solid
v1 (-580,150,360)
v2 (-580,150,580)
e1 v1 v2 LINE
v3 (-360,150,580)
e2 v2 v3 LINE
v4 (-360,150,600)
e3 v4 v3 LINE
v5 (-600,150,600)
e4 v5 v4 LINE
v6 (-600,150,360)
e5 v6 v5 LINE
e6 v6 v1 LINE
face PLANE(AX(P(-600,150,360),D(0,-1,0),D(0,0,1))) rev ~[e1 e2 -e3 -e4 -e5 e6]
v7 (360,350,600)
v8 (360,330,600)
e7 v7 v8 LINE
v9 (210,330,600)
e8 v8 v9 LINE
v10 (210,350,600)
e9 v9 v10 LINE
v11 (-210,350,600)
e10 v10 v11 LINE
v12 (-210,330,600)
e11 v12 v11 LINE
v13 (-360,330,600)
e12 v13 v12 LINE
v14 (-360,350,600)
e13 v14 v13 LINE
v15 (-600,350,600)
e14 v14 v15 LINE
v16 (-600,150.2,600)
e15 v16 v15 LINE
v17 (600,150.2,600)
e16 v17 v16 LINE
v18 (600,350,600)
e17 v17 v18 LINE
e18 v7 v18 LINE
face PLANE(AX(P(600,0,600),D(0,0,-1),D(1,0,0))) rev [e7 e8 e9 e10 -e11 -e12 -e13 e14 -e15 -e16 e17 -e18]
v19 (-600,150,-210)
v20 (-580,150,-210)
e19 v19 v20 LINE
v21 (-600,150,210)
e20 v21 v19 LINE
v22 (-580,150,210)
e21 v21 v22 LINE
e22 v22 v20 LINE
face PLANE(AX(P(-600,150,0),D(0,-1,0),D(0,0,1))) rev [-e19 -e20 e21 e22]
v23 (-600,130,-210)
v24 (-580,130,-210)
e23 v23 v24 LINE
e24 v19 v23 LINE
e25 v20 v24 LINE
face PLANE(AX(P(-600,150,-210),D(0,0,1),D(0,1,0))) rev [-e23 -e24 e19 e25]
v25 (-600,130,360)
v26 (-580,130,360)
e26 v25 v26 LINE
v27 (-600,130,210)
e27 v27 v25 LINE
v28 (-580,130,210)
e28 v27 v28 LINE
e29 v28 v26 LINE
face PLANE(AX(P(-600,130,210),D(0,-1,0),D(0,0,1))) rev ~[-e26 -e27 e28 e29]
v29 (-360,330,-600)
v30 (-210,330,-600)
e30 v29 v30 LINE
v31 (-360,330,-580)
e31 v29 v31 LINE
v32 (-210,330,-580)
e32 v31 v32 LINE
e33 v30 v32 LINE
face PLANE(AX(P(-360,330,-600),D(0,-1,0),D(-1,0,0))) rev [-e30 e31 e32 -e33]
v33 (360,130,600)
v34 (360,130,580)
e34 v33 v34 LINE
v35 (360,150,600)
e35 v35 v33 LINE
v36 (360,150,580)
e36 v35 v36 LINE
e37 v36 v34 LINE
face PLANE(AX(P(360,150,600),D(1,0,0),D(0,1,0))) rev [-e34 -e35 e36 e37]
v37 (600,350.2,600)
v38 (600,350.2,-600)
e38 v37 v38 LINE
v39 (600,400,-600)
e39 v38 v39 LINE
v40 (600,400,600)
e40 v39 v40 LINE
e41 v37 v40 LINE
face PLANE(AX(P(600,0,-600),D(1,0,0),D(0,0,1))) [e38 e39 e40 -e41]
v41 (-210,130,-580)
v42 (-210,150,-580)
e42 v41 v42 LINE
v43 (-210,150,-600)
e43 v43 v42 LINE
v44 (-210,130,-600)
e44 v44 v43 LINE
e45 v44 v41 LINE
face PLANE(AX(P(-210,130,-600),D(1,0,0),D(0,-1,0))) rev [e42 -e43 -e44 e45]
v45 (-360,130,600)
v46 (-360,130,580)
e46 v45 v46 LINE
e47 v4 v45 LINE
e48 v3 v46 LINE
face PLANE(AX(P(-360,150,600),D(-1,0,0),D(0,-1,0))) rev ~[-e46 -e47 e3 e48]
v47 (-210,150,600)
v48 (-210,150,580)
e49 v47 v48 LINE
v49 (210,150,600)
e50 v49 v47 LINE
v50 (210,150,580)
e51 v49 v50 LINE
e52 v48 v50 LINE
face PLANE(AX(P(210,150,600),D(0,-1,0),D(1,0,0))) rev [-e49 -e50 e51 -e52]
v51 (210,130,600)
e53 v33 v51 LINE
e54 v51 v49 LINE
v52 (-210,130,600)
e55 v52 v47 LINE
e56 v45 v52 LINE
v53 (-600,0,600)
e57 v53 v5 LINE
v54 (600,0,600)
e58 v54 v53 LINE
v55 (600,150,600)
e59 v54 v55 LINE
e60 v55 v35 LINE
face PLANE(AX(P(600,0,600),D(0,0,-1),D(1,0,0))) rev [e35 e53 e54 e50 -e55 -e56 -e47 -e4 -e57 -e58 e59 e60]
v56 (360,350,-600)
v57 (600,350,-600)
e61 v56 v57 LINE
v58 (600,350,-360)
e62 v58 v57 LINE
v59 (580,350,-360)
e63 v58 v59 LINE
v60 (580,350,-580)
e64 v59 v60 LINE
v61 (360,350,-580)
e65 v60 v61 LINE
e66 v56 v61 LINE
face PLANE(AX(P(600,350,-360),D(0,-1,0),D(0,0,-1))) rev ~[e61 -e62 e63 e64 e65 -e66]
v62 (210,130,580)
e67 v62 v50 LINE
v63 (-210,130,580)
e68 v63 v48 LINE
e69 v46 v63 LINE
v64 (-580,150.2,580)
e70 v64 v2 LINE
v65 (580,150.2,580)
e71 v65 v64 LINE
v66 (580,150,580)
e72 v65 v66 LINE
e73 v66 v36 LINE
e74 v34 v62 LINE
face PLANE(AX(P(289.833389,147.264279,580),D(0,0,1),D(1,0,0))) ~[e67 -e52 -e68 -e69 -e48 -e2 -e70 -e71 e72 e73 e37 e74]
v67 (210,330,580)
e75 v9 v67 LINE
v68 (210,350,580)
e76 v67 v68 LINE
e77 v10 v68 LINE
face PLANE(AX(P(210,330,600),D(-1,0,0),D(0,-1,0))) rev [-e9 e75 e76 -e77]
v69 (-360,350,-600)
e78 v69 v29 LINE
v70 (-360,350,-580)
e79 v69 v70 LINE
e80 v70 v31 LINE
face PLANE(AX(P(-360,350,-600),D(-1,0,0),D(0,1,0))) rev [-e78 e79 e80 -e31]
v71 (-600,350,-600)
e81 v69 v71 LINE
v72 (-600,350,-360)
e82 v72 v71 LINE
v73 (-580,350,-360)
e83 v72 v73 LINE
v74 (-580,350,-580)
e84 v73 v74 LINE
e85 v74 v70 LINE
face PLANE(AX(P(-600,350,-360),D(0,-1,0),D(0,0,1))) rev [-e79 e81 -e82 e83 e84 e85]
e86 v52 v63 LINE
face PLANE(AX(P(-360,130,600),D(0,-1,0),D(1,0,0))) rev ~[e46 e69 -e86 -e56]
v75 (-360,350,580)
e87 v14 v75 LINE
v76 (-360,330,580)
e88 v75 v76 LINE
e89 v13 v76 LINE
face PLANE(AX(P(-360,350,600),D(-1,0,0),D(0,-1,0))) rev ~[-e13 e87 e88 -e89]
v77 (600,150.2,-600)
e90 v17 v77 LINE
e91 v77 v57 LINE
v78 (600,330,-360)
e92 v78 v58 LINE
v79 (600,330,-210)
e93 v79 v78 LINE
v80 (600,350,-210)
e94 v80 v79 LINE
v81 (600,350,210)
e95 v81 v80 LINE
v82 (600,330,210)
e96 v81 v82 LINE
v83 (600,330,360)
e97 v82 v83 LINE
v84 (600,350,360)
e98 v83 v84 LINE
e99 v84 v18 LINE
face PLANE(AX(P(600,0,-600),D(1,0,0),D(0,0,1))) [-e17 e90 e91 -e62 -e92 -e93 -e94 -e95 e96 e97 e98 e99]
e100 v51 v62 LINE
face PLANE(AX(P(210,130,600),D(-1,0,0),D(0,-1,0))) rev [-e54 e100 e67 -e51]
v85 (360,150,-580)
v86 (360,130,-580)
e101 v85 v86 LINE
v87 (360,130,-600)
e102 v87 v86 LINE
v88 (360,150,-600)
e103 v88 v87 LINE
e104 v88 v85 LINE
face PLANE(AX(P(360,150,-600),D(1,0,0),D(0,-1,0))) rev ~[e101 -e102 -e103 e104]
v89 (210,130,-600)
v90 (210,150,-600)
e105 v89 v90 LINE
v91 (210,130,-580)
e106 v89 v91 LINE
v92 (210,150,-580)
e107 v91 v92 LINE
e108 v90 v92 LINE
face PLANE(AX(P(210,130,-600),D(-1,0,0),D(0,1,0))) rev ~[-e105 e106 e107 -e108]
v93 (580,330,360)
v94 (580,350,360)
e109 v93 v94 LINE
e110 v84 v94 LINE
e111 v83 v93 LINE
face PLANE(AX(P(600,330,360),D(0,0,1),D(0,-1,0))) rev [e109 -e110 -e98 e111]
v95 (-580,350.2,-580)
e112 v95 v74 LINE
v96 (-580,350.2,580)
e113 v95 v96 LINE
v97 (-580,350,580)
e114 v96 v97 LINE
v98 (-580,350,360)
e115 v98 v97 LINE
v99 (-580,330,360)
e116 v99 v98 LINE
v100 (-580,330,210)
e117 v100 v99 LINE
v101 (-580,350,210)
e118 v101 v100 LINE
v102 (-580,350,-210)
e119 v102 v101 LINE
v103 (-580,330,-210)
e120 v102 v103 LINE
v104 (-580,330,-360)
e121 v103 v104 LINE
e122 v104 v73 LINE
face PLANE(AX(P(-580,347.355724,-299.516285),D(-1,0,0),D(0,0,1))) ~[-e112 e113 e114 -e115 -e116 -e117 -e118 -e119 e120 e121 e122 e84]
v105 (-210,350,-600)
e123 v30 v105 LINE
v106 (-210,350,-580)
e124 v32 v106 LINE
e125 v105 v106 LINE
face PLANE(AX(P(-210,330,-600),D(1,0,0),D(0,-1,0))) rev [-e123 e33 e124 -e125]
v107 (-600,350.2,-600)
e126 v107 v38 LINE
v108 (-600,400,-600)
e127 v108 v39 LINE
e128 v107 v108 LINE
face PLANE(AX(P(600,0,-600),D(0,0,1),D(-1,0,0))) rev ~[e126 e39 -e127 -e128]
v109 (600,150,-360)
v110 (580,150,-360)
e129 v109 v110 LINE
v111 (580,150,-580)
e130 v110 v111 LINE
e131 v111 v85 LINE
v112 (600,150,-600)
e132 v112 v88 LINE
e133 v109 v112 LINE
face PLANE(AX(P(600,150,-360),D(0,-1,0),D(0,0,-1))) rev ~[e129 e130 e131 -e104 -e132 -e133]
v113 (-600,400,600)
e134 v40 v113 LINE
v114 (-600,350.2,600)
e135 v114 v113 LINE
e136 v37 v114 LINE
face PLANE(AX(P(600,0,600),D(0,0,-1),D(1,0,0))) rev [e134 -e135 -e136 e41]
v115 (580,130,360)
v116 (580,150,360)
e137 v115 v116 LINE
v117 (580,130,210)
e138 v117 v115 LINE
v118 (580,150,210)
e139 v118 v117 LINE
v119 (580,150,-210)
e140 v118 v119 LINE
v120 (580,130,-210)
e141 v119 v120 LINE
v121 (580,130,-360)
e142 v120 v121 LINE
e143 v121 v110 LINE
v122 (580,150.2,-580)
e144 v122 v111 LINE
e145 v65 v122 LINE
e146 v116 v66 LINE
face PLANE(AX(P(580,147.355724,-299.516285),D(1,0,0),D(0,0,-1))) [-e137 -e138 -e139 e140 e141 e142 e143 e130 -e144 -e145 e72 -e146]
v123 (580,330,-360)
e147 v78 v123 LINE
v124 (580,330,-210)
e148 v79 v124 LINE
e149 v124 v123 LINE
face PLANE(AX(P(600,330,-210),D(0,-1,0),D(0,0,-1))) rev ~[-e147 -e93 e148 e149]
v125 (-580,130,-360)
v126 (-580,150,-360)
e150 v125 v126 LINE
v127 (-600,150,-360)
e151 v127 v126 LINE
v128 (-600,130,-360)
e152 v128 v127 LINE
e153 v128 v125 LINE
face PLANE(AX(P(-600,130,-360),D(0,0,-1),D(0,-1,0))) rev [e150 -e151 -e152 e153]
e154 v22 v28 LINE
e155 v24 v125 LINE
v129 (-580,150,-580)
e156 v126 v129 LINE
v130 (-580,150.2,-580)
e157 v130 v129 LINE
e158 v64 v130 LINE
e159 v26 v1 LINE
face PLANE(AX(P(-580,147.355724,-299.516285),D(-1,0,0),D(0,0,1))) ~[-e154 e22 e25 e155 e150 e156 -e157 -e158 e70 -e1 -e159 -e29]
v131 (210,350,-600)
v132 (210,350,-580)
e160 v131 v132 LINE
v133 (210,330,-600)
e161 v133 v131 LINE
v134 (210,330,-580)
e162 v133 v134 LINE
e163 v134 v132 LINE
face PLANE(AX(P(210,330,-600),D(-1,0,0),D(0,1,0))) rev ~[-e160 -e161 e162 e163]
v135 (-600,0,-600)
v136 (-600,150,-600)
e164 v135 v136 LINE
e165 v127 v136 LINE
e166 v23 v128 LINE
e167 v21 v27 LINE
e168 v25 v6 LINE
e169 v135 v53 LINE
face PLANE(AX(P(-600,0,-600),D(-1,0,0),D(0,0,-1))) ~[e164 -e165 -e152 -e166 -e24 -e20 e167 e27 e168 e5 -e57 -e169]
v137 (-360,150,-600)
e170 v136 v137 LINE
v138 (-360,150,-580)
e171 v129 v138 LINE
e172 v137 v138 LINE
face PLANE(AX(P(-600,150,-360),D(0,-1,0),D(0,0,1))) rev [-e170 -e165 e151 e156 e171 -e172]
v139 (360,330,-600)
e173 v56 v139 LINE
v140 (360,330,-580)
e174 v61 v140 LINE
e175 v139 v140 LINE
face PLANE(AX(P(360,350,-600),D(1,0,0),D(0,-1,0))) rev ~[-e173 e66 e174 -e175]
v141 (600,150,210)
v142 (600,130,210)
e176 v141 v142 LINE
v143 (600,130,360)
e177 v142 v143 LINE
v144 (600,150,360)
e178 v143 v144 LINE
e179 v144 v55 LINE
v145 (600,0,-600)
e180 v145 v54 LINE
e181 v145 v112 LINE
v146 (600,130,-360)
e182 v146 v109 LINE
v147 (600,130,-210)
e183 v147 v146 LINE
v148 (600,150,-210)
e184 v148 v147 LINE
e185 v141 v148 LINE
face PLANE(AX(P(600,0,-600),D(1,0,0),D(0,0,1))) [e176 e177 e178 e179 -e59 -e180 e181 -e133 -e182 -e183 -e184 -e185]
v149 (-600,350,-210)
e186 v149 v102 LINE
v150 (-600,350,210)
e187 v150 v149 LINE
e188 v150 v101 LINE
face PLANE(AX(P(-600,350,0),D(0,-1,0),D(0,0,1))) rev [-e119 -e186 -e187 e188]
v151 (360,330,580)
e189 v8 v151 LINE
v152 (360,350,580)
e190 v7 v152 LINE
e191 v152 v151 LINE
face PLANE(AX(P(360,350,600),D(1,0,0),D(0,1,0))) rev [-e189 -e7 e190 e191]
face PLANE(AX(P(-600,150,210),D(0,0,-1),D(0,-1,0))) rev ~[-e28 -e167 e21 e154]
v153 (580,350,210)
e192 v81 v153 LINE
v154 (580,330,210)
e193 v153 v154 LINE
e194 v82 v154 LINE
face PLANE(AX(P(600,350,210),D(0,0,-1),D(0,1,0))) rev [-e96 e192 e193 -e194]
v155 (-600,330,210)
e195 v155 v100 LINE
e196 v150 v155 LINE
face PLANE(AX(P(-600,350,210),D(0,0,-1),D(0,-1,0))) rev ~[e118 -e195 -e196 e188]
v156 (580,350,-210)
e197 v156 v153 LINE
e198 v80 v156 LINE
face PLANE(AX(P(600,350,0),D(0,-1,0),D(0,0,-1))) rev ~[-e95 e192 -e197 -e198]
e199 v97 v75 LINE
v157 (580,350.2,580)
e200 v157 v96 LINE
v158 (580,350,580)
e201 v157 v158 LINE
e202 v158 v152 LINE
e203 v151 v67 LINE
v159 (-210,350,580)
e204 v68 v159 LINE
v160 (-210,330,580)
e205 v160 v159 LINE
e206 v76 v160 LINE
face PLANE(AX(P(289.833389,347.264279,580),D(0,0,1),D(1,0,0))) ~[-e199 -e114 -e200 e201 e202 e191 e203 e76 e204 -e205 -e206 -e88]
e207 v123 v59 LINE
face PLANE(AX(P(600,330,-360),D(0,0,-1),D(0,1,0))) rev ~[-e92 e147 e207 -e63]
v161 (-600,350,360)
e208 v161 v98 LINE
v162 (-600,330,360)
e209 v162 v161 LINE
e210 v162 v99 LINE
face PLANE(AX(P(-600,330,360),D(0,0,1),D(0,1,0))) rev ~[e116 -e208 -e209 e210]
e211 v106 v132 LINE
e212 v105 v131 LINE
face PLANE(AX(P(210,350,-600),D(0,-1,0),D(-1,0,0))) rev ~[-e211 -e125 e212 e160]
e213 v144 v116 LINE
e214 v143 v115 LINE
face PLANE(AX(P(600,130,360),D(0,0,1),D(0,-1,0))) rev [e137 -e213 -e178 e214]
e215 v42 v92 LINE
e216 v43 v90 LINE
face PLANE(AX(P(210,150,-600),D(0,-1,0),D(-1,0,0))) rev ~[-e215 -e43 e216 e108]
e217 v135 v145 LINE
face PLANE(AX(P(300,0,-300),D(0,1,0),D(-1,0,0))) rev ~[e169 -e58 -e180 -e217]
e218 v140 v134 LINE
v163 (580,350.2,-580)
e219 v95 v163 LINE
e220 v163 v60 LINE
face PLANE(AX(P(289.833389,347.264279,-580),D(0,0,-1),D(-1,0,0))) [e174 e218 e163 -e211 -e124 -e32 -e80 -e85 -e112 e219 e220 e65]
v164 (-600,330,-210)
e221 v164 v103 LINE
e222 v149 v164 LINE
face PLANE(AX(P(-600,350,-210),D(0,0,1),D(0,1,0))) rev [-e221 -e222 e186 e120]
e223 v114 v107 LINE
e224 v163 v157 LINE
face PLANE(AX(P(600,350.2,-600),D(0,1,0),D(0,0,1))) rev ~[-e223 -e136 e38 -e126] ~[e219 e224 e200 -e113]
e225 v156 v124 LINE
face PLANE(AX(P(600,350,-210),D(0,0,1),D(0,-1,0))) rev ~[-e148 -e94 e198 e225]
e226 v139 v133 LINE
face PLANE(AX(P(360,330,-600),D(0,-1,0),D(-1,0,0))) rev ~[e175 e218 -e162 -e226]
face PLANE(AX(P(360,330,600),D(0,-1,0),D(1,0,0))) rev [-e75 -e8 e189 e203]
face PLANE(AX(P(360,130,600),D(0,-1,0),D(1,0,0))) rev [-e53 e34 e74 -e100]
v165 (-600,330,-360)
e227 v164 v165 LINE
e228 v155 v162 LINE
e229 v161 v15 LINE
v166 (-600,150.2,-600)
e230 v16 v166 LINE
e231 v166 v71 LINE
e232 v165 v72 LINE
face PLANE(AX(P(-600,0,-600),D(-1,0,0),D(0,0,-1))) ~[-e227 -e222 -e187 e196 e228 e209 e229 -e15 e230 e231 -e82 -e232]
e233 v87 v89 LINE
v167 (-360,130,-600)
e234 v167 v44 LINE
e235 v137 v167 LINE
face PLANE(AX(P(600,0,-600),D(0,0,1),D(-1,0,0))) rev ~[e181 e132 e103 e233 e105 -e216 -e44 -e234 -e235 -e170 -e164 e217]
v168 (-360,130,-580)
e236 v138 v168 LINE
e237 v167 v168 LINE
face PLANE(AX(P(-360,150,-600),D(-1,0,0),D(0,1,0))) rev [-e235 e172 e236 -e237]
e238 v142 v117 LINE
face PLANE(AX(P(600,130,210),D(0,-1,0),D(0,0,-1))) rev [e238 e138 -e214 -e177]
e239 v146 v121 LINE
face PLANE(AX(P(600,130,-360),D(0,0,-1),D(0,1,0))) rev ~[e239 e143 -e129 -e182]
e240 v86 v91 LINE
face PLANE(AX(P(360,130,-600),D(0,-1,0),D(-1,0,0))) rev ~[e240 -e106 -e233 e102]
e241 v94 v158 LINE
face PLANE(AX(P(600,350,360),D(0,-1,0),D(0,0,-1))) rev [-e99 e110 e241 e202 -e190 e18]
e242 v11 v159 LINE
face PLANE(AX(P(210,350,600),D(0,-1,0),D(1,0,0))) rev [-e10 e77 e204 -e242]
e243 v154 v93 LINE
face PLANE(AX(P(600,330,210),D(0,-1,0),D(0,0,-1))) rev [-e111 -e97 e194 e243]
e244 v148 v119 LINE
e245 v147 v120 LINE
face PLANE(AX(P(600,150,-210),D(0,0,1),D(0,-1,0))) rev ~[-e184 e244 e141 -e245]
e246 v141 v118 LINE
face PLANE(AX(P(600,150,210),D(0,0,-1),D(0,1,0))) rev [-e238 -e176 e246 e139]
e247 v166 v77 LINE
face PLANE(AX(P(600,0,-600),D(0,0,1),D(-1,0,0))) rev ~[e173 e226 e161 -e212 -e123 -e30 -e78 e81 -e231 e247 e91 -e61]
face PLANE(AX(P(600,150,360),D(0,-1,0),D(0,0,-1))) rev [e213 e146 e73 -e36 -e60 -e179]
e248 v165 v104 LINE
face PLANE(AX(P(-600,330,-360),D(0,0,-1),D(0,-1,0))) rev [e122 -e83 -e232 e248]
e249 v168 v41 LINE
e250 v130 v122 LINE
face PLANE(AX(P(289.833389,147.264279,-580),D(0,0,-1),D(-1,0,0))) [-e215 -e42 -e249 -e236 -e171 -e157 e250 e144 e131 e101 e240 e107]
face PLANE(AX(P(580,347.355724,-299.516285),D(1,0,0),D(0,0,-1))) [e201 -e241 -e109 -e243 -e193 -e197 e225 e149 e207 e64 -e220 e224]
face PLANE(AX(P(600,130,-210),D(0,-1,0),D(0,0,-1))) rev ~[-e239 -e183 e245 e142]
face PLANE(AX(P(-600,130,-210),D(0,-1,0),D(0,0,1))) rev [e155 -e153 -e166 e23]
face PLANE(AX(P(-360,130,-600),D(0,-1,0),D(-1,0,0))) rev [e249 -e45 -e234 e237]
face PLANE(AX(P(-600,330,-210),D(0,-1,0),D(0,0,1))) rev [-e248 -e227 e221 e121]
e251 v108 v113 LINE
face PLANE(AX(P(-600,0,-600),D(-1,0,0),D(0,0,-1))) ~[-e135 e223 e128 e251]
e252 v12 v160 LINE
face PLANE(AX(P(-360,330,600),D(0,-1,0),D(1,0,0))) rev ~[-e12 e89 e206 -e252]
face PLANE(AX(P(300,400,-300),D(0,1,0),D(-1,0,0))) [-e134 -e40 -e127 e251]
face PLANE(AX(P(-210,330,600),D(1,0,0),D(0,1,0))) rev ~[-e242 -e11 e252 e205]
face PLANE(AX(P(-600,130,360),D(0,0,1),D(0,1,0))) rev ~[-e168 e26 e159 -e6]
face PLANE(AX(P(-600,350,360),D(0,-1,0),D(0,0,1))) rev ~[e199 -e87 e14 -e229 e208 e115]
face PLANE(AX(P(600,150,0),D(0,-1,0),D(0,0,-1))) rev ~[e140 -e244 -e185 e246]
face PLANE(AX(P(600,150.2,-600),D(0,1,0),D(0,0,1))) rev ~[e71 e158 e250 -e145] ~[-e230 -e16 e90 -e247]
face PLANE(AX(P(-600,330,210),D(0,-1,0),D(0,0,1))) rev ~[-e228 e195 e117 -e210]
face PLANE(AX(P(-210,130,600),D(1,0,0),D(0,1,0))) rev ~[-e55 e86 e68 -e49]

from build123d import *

# Parameters (mm, degrees)
SKETCH_1_W             = 600
SKETCH_1_H             = 600
EXTRUDE_1_DEPTH        = 400
CUT_EXTRUDE_1_DEPTH    = 20
CUT_EXTRUDE_2_DEPTH    = 20
PATTERN_LINEAR_1_COUNT = 2
PATTERN_LINEAR_1_PITCH = 200


with BuildPart() as part:
    # 草图1 → 凸台-拉伸1 (new body)
    with BuildSketch(Plane(origin=(0, 0, 0), x_dir=(1, 0, 0), z_dir=(0, 1, 0))):
        with Locations((-300, -300)):
            Rectangle(SKETCH_1_W, SKETCH_1_H)
    extrude(amount=EXTRUDE_1_DEPTH)

    # 草图2 → 切除-拉伸1 (cut)
    with BuildSketch(Plane.ZY.offset(600)):
        Polygon((600, 150.2), (0, 150.2), (0, 150), (210, 150), (210, 130), (360, 130), (360, 150), (600, 150), align=None)
    cut_extrude_1 = extrude(amount=-CUT_EXTRUDE_1_DEPTH, mode=Mode.SUBTRACT)

    # 草图3 → 切除-拉伸2 (cut)
    with BuildSketch(Plane.XY.offset(600)):
        Polygon((-580, 150.2), (-580, 150), (-360, 150), (-360, 130), (-210, 130), (-210, 150), (0, 150), (0, 150.2), align=None)
    cut_extrude_2 = extrude(amount=-CUT_EXTRUDE_2_DEPTH, mode=Mode.SUBTRACT)

    # 阵列(线性)1: 切除-拉伸1, 切除-拉伸2 ×2
    with Locations(*[(0, i * PATTERN_LINEAR_1_PITCH, 0) for i in range(1, PATTERN_LINEAR_1_COUNT)]):
        add(cut_extrude_1, mode=Mode.SUBTRACT)
        add(cut_extrude_2, mode=Mode.SUBTRACT)

    # 镜向1: part across plane


with BuildPart() as part_1:
    add(part.part)
    add(part.part.mirror(Plane(origin=(0, 400, 0), x_dir=(1, 0, 0), z_dir=(0, 0, 1))))

    # 镜向2: part across plane


with BuildPart() as part_2:
    add(part_1.part)
    add(part_1.part.mirror(Plane(origin=(0, 400, 0), x_dir=(0, 0, 1), z_dir=(-1, 0, 0))))


solid = part_2.part
